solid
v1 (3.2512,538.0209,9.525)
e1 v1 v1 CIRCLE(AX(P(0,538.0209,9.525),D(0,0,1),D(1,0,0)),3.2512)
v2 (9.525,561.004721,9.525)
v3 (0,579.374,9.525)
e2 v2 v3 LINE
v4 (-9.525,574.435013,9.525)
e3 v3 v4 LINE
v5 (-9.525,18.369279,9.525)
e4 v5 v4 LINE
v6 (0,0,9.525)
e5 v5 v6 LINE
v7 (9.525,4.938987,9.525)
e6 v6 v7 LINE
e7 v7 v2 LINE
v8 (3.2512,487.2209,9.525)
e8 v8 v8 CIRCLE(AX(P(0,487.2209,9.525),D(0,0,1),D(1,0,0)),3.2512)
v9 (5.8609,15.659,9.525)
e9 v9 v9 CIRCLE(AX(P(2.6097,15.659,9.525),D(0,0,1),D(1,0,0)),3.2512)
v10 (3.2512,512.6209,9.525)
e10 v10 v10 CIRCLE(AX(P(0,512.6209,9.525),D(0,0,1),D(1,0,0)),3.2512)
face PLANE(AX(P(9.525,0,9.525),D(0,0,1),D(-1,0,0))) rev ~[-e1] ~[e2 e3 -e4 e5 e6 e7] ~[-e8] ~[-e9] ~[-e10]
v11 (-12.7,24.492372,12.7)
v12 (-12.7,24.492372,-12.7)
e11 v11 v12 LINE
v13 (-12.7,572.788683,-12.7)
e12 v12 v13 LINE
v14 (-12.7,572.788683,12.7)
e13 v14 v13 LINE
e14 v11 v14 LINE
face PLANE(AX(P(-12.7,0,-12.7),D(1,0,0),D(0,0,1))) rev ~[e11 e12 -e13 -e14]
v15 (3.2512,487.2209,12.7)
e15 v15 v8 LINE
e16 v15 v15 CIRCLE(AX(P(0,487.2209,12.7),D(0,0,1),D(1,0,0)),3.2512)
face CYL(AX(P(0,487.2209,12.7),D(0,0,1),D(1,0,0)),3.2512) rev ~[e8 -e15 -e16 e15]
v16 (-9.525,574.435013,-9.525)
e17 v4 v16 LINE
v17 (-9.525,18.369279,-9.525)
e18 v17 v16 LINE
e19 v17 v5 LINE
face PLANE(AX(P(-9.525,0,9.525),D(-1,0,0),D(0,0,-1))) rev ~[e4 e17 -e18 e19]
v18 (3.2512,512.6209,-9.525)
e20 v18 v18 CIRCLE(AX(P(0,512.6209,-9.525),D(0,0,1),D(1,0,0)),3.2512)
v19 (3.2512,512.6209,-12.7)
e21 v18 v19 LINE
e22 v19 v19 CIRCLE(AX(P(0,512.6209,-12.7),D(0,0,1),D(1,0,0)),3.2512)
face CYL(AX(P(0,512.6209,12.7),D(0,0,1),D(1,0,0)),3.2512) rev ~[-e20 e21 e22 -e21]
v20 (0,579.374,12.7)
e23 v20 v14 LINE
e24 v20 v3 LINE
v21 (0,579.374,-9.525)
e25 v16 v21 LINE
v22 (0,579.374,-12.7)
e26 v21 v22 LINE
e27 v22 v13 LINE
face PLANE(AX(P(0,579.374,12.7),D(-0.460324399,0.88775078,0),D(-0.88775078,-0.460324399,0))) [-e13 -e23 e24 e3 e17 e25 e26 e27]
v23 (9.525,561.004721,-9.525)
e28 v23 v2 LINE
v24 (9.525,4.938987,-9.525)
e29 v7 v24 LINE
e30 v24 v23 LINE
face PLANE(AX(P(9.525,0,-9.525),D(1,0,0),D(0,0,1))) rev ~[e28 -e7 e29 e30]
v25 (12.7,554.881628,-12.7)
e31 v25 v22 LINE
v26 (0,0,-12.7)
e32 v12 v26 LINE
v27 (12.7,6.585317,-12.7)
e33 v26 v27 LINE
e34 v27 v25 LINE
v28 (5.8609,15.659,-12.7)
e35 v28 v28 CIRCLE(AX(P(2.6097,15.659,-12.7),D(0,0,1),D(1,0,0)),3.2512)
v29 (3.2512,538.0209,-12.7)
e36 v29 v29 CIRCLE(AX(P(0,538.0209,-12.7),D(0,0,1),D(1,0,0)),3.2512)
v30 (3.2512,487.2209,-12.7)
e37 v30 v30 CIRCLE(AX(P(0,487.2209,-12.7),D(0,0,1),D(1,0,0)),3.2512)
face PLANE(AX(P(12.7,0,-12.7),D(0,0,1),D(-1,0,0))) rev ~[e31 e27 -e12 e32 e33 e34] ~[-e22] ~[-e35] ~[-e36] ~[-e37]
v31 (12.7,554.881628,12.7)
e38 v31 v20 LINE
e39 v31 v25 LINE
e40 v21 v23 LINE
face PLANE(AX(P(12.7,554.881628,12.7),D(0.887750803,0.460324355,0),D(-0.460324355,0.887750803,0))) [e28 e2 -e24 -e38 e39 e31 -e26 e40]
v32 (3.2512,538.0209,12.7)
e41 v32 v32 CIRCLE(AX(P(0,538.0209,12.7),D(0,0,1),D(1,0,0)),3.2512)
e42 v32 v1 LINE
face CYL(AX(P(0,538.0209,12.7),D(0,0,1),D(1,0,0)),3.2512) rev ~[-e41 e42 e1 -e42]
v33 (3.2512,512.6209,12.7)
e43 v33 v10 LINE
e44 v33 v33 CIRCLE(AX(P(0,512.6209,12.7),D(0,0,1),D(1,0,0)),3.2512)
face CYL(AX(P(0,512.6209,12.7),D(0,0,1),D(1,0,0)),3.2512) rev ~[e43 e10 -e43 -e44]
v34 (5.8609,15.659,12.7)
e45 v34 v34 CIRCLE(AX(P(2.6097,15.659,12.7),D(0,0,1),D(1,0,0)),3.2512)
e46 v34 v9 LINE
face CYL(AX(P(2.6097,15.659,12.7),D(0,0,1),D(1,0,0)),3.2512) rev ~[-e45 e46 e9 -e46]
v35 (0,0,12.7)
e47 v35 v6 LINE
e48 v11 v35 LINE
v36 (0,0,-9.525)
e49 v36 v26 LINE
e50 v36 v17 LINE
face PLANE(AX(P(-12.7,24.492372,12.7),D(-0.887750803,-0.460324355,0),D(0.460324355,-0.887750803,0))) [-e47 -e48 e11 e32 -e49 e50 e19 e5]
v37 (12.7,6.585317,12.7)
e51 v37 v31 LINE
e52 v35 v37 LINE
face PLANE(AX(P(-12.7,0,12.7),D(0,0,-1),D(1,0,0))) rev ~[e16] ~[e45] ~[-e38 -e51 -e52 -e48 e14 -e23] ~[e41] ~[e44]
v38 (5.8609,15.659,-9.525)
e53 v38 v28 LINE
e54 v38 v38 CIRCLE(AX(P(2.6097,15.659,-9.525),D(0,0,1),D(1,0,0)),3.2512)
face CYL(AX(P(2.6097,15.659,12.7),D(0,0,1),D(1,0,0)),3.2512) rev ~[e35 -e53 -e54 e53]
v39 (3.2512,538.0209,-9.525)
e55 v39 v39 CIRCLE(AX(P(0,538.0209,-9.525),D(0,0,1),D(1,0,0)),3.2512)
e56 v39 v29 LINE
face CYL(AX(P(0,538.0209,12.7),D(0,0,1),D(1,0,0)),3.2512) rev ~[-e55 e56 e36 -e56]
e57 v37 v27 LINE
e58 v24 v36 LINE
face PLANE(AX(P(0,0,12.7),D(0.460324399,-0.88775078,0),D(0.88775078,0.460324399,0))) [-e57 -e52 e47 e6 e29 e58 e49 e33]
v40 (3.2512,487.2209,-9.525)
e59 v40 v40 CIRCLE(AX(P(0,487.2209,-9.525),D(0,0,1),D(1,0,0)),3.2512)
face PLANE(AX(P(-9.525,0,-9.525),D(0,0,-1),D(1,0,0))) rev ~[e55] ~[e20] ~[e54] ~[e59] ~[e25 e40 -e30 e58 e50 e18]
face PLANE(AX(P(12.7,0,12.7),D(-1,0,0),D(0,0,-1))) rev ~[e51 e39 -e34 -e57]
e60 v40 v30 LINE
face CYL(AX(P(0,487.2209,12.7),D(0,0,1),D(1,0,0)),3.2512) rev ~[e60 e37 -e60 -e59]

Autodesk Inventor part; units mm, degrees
ref_plane "YZ Plane" through (0, 0, 0) normal (1, 0, 0) x (0, 1, 0)
ref_plane "XZ Plane" through (0, 0, 0) normal (0, 1, 0) x (-1, 0, 0)
ref_plane "XY Plane" through (0, 0, 0) normal (0, 0, 1) x (1, 0, 0)
sketch "Sketch1" plane through (0, 0, 0) normal (0, 1, 0) x (-1, 0, 0)
  line L0 (-12.7, -12.7) -> (12.7, -12.7)
  line L1 (12.7, -12.7) -> (12.7, 12.7)
  line L2 (12.7, 12.7) -> (-12.7, 12.7)
  line L3 (-12.7, 12.7) -> (-12.7, -12.7)
  line L4 (-12.7, -12.7) -> (12.7, 12.7) construction
  line L5 (12.7, -12.7) -> (-12.7, 12.7) construction
  line L6 (9.525, 9.525) -> (9.525, -9.525)
  line L7 (9.525, -9.525) -> (-9.525, -9.525)
  line L8 (-9.525, -9.525) -> (-9.525, 9.525)
  line L9 (-9.525, 9.525) -> (9.525, 9.525)
  point P0 (0, 0)
  dimension "d0" = 25.4
  dimension "d1" = 25.4
  dimension "d2" = 3.175
extrude "Extrusion1" add sketch "Sketch1" along normal blind 579.374
sketch "Sketch4" plane through (-12.7, 0, 12.7) normal (0, 0, 1) x (1, 0, 0)
  line L0 (249.4631, 122.7685) -> (12.7, 579.374)
  line L1 (12.7, 579.374) -> (-224.0631, 456.6055)
  line L2 (-224.0631, 456.6055) -> (12.7, 0)
  line L3 (12.7, 0) -> (249.4631, 122.7685)
  line L4 (0, 0) -> (25.4, 0) projected
  line L5 (0, 579.374) -> (25.4, 579.374) projected
  line L6 (0, 0) -> (25.4, 0) projected
  line L7 (25.4, 0) -> (25.4, 579.374) projected
  line L8 (0, 579.374) -> (25.4, 579.374) projected
  line L9 (0, 0) -> (0, 579.374) projected
  point P0 (0, 24.4924)
  point P1 (25.4, 6.5853)
  point P2 (0, 572.7887)
  point P3 (25.4, 554.8816)
  dimension "d13" = 266.7
extrude "Extrusion4" cut sketch "Sketch4" against normal blind 370.4968 contours L0 L5 L7 | L7 L4 L3 | L1 L9 L5 | L4 L9 L2
sketch "Sketch6" plane through (12.7, 6.5853, 12.7) normal (0, 0, 1) x (1, 0, 0)
  line L0 (-24.3922, 15.9636) -> (-46.9411, 4.2713) construction
  line L1 (-46.9411, 4.2713) -> (-35.2489, -18.2776) construction
  line L2 (-35.2489, -18.2776) -> (-12.7, -6.5853) construction
  line L3 (-12.7, -6.5853) -> (-25.4, 17.9071) construction
  line L4 (-25.4, 17.9071) -> (-12.7, -6.5853) construction
  line L5 (-46.9411, 4.2713) -> (-12.7, -6.5853) construction
  circle A0 centre (-29.8206, -1.157) radius 3.2512 construction
  circle A1 centre (-10.0903, 9.0737) radius 3.2512
  line L6 (-41.095, -7.0031) -> (-4.5992, 11.921) construction
  dimension "d21" = 25.4
  dimension "d22" = 25.4
  dimension "d23" = 6.5024
  dimension "d24" = 6.5024
  dimension "d25" = 22.225
extrude "Extrusion6" cut sketch "Sketch6" against normal blind 25.4
sketch "Sketch7" plane through (12.7, 6.5853, 12.7) normal (0, 0, 1) x (1, 0, 0)
  line L0 (0, 548.2963) -> (-12.7, 572.7887) construction
  line L1 (-12.7, 572.7887) -> (36.992, 476.956) construction
  line L2 (36.992, 476.956) -> (59.5409, 488.6482) construction
  line L3 (59.5409, 488.6482) -> (9.8489, 584.4809) construction
  line L4 (9.8489, 584.4809) -> (-12.7, 572.7887) construction
  circle A0 centre (42.4203, 494.0765) radius 3.2512 construction
  circle A1 centre (30.7281, 516.6254) radius 3.2512 construction
  circle A2 centre (19.0359, 539.1743) radius 3.2512 construction
  line L5 (48.2665, 482.8021) -> (-1.4256, 578.6348) construction
  line L6 (0, 0) -> (0, 548.2963) construction
  line L7 (0, 548.2963) -> (-6.7276, 575.8856) construction
  circle A3 centre (-12.7, 480.6356) radius 3.2512
  circle A4 centre (-12.7, 506.0356) radius 3.2512
  circle A5 centre (-12.7, 531.4356) radius 3.2512
  point P0 (-12.7, -6.5853)
  dimension "d28" = 25.4
  dimension "d29" = 107.95
  dimension "d30" = 6.5024
  dimension "d31" = 44.45
  dimension "d32" = 25.4
  dimension "d33" = 25.4
  dimension "d34" = 27.408
  dimension "d35" = 166.296
extrude "Extrusion7" cut sketch "Sketch7" against normal blind 25.4
properties part number "STRU_013_BilletCrossbar2_Angled" material "Aluminum 6061"
